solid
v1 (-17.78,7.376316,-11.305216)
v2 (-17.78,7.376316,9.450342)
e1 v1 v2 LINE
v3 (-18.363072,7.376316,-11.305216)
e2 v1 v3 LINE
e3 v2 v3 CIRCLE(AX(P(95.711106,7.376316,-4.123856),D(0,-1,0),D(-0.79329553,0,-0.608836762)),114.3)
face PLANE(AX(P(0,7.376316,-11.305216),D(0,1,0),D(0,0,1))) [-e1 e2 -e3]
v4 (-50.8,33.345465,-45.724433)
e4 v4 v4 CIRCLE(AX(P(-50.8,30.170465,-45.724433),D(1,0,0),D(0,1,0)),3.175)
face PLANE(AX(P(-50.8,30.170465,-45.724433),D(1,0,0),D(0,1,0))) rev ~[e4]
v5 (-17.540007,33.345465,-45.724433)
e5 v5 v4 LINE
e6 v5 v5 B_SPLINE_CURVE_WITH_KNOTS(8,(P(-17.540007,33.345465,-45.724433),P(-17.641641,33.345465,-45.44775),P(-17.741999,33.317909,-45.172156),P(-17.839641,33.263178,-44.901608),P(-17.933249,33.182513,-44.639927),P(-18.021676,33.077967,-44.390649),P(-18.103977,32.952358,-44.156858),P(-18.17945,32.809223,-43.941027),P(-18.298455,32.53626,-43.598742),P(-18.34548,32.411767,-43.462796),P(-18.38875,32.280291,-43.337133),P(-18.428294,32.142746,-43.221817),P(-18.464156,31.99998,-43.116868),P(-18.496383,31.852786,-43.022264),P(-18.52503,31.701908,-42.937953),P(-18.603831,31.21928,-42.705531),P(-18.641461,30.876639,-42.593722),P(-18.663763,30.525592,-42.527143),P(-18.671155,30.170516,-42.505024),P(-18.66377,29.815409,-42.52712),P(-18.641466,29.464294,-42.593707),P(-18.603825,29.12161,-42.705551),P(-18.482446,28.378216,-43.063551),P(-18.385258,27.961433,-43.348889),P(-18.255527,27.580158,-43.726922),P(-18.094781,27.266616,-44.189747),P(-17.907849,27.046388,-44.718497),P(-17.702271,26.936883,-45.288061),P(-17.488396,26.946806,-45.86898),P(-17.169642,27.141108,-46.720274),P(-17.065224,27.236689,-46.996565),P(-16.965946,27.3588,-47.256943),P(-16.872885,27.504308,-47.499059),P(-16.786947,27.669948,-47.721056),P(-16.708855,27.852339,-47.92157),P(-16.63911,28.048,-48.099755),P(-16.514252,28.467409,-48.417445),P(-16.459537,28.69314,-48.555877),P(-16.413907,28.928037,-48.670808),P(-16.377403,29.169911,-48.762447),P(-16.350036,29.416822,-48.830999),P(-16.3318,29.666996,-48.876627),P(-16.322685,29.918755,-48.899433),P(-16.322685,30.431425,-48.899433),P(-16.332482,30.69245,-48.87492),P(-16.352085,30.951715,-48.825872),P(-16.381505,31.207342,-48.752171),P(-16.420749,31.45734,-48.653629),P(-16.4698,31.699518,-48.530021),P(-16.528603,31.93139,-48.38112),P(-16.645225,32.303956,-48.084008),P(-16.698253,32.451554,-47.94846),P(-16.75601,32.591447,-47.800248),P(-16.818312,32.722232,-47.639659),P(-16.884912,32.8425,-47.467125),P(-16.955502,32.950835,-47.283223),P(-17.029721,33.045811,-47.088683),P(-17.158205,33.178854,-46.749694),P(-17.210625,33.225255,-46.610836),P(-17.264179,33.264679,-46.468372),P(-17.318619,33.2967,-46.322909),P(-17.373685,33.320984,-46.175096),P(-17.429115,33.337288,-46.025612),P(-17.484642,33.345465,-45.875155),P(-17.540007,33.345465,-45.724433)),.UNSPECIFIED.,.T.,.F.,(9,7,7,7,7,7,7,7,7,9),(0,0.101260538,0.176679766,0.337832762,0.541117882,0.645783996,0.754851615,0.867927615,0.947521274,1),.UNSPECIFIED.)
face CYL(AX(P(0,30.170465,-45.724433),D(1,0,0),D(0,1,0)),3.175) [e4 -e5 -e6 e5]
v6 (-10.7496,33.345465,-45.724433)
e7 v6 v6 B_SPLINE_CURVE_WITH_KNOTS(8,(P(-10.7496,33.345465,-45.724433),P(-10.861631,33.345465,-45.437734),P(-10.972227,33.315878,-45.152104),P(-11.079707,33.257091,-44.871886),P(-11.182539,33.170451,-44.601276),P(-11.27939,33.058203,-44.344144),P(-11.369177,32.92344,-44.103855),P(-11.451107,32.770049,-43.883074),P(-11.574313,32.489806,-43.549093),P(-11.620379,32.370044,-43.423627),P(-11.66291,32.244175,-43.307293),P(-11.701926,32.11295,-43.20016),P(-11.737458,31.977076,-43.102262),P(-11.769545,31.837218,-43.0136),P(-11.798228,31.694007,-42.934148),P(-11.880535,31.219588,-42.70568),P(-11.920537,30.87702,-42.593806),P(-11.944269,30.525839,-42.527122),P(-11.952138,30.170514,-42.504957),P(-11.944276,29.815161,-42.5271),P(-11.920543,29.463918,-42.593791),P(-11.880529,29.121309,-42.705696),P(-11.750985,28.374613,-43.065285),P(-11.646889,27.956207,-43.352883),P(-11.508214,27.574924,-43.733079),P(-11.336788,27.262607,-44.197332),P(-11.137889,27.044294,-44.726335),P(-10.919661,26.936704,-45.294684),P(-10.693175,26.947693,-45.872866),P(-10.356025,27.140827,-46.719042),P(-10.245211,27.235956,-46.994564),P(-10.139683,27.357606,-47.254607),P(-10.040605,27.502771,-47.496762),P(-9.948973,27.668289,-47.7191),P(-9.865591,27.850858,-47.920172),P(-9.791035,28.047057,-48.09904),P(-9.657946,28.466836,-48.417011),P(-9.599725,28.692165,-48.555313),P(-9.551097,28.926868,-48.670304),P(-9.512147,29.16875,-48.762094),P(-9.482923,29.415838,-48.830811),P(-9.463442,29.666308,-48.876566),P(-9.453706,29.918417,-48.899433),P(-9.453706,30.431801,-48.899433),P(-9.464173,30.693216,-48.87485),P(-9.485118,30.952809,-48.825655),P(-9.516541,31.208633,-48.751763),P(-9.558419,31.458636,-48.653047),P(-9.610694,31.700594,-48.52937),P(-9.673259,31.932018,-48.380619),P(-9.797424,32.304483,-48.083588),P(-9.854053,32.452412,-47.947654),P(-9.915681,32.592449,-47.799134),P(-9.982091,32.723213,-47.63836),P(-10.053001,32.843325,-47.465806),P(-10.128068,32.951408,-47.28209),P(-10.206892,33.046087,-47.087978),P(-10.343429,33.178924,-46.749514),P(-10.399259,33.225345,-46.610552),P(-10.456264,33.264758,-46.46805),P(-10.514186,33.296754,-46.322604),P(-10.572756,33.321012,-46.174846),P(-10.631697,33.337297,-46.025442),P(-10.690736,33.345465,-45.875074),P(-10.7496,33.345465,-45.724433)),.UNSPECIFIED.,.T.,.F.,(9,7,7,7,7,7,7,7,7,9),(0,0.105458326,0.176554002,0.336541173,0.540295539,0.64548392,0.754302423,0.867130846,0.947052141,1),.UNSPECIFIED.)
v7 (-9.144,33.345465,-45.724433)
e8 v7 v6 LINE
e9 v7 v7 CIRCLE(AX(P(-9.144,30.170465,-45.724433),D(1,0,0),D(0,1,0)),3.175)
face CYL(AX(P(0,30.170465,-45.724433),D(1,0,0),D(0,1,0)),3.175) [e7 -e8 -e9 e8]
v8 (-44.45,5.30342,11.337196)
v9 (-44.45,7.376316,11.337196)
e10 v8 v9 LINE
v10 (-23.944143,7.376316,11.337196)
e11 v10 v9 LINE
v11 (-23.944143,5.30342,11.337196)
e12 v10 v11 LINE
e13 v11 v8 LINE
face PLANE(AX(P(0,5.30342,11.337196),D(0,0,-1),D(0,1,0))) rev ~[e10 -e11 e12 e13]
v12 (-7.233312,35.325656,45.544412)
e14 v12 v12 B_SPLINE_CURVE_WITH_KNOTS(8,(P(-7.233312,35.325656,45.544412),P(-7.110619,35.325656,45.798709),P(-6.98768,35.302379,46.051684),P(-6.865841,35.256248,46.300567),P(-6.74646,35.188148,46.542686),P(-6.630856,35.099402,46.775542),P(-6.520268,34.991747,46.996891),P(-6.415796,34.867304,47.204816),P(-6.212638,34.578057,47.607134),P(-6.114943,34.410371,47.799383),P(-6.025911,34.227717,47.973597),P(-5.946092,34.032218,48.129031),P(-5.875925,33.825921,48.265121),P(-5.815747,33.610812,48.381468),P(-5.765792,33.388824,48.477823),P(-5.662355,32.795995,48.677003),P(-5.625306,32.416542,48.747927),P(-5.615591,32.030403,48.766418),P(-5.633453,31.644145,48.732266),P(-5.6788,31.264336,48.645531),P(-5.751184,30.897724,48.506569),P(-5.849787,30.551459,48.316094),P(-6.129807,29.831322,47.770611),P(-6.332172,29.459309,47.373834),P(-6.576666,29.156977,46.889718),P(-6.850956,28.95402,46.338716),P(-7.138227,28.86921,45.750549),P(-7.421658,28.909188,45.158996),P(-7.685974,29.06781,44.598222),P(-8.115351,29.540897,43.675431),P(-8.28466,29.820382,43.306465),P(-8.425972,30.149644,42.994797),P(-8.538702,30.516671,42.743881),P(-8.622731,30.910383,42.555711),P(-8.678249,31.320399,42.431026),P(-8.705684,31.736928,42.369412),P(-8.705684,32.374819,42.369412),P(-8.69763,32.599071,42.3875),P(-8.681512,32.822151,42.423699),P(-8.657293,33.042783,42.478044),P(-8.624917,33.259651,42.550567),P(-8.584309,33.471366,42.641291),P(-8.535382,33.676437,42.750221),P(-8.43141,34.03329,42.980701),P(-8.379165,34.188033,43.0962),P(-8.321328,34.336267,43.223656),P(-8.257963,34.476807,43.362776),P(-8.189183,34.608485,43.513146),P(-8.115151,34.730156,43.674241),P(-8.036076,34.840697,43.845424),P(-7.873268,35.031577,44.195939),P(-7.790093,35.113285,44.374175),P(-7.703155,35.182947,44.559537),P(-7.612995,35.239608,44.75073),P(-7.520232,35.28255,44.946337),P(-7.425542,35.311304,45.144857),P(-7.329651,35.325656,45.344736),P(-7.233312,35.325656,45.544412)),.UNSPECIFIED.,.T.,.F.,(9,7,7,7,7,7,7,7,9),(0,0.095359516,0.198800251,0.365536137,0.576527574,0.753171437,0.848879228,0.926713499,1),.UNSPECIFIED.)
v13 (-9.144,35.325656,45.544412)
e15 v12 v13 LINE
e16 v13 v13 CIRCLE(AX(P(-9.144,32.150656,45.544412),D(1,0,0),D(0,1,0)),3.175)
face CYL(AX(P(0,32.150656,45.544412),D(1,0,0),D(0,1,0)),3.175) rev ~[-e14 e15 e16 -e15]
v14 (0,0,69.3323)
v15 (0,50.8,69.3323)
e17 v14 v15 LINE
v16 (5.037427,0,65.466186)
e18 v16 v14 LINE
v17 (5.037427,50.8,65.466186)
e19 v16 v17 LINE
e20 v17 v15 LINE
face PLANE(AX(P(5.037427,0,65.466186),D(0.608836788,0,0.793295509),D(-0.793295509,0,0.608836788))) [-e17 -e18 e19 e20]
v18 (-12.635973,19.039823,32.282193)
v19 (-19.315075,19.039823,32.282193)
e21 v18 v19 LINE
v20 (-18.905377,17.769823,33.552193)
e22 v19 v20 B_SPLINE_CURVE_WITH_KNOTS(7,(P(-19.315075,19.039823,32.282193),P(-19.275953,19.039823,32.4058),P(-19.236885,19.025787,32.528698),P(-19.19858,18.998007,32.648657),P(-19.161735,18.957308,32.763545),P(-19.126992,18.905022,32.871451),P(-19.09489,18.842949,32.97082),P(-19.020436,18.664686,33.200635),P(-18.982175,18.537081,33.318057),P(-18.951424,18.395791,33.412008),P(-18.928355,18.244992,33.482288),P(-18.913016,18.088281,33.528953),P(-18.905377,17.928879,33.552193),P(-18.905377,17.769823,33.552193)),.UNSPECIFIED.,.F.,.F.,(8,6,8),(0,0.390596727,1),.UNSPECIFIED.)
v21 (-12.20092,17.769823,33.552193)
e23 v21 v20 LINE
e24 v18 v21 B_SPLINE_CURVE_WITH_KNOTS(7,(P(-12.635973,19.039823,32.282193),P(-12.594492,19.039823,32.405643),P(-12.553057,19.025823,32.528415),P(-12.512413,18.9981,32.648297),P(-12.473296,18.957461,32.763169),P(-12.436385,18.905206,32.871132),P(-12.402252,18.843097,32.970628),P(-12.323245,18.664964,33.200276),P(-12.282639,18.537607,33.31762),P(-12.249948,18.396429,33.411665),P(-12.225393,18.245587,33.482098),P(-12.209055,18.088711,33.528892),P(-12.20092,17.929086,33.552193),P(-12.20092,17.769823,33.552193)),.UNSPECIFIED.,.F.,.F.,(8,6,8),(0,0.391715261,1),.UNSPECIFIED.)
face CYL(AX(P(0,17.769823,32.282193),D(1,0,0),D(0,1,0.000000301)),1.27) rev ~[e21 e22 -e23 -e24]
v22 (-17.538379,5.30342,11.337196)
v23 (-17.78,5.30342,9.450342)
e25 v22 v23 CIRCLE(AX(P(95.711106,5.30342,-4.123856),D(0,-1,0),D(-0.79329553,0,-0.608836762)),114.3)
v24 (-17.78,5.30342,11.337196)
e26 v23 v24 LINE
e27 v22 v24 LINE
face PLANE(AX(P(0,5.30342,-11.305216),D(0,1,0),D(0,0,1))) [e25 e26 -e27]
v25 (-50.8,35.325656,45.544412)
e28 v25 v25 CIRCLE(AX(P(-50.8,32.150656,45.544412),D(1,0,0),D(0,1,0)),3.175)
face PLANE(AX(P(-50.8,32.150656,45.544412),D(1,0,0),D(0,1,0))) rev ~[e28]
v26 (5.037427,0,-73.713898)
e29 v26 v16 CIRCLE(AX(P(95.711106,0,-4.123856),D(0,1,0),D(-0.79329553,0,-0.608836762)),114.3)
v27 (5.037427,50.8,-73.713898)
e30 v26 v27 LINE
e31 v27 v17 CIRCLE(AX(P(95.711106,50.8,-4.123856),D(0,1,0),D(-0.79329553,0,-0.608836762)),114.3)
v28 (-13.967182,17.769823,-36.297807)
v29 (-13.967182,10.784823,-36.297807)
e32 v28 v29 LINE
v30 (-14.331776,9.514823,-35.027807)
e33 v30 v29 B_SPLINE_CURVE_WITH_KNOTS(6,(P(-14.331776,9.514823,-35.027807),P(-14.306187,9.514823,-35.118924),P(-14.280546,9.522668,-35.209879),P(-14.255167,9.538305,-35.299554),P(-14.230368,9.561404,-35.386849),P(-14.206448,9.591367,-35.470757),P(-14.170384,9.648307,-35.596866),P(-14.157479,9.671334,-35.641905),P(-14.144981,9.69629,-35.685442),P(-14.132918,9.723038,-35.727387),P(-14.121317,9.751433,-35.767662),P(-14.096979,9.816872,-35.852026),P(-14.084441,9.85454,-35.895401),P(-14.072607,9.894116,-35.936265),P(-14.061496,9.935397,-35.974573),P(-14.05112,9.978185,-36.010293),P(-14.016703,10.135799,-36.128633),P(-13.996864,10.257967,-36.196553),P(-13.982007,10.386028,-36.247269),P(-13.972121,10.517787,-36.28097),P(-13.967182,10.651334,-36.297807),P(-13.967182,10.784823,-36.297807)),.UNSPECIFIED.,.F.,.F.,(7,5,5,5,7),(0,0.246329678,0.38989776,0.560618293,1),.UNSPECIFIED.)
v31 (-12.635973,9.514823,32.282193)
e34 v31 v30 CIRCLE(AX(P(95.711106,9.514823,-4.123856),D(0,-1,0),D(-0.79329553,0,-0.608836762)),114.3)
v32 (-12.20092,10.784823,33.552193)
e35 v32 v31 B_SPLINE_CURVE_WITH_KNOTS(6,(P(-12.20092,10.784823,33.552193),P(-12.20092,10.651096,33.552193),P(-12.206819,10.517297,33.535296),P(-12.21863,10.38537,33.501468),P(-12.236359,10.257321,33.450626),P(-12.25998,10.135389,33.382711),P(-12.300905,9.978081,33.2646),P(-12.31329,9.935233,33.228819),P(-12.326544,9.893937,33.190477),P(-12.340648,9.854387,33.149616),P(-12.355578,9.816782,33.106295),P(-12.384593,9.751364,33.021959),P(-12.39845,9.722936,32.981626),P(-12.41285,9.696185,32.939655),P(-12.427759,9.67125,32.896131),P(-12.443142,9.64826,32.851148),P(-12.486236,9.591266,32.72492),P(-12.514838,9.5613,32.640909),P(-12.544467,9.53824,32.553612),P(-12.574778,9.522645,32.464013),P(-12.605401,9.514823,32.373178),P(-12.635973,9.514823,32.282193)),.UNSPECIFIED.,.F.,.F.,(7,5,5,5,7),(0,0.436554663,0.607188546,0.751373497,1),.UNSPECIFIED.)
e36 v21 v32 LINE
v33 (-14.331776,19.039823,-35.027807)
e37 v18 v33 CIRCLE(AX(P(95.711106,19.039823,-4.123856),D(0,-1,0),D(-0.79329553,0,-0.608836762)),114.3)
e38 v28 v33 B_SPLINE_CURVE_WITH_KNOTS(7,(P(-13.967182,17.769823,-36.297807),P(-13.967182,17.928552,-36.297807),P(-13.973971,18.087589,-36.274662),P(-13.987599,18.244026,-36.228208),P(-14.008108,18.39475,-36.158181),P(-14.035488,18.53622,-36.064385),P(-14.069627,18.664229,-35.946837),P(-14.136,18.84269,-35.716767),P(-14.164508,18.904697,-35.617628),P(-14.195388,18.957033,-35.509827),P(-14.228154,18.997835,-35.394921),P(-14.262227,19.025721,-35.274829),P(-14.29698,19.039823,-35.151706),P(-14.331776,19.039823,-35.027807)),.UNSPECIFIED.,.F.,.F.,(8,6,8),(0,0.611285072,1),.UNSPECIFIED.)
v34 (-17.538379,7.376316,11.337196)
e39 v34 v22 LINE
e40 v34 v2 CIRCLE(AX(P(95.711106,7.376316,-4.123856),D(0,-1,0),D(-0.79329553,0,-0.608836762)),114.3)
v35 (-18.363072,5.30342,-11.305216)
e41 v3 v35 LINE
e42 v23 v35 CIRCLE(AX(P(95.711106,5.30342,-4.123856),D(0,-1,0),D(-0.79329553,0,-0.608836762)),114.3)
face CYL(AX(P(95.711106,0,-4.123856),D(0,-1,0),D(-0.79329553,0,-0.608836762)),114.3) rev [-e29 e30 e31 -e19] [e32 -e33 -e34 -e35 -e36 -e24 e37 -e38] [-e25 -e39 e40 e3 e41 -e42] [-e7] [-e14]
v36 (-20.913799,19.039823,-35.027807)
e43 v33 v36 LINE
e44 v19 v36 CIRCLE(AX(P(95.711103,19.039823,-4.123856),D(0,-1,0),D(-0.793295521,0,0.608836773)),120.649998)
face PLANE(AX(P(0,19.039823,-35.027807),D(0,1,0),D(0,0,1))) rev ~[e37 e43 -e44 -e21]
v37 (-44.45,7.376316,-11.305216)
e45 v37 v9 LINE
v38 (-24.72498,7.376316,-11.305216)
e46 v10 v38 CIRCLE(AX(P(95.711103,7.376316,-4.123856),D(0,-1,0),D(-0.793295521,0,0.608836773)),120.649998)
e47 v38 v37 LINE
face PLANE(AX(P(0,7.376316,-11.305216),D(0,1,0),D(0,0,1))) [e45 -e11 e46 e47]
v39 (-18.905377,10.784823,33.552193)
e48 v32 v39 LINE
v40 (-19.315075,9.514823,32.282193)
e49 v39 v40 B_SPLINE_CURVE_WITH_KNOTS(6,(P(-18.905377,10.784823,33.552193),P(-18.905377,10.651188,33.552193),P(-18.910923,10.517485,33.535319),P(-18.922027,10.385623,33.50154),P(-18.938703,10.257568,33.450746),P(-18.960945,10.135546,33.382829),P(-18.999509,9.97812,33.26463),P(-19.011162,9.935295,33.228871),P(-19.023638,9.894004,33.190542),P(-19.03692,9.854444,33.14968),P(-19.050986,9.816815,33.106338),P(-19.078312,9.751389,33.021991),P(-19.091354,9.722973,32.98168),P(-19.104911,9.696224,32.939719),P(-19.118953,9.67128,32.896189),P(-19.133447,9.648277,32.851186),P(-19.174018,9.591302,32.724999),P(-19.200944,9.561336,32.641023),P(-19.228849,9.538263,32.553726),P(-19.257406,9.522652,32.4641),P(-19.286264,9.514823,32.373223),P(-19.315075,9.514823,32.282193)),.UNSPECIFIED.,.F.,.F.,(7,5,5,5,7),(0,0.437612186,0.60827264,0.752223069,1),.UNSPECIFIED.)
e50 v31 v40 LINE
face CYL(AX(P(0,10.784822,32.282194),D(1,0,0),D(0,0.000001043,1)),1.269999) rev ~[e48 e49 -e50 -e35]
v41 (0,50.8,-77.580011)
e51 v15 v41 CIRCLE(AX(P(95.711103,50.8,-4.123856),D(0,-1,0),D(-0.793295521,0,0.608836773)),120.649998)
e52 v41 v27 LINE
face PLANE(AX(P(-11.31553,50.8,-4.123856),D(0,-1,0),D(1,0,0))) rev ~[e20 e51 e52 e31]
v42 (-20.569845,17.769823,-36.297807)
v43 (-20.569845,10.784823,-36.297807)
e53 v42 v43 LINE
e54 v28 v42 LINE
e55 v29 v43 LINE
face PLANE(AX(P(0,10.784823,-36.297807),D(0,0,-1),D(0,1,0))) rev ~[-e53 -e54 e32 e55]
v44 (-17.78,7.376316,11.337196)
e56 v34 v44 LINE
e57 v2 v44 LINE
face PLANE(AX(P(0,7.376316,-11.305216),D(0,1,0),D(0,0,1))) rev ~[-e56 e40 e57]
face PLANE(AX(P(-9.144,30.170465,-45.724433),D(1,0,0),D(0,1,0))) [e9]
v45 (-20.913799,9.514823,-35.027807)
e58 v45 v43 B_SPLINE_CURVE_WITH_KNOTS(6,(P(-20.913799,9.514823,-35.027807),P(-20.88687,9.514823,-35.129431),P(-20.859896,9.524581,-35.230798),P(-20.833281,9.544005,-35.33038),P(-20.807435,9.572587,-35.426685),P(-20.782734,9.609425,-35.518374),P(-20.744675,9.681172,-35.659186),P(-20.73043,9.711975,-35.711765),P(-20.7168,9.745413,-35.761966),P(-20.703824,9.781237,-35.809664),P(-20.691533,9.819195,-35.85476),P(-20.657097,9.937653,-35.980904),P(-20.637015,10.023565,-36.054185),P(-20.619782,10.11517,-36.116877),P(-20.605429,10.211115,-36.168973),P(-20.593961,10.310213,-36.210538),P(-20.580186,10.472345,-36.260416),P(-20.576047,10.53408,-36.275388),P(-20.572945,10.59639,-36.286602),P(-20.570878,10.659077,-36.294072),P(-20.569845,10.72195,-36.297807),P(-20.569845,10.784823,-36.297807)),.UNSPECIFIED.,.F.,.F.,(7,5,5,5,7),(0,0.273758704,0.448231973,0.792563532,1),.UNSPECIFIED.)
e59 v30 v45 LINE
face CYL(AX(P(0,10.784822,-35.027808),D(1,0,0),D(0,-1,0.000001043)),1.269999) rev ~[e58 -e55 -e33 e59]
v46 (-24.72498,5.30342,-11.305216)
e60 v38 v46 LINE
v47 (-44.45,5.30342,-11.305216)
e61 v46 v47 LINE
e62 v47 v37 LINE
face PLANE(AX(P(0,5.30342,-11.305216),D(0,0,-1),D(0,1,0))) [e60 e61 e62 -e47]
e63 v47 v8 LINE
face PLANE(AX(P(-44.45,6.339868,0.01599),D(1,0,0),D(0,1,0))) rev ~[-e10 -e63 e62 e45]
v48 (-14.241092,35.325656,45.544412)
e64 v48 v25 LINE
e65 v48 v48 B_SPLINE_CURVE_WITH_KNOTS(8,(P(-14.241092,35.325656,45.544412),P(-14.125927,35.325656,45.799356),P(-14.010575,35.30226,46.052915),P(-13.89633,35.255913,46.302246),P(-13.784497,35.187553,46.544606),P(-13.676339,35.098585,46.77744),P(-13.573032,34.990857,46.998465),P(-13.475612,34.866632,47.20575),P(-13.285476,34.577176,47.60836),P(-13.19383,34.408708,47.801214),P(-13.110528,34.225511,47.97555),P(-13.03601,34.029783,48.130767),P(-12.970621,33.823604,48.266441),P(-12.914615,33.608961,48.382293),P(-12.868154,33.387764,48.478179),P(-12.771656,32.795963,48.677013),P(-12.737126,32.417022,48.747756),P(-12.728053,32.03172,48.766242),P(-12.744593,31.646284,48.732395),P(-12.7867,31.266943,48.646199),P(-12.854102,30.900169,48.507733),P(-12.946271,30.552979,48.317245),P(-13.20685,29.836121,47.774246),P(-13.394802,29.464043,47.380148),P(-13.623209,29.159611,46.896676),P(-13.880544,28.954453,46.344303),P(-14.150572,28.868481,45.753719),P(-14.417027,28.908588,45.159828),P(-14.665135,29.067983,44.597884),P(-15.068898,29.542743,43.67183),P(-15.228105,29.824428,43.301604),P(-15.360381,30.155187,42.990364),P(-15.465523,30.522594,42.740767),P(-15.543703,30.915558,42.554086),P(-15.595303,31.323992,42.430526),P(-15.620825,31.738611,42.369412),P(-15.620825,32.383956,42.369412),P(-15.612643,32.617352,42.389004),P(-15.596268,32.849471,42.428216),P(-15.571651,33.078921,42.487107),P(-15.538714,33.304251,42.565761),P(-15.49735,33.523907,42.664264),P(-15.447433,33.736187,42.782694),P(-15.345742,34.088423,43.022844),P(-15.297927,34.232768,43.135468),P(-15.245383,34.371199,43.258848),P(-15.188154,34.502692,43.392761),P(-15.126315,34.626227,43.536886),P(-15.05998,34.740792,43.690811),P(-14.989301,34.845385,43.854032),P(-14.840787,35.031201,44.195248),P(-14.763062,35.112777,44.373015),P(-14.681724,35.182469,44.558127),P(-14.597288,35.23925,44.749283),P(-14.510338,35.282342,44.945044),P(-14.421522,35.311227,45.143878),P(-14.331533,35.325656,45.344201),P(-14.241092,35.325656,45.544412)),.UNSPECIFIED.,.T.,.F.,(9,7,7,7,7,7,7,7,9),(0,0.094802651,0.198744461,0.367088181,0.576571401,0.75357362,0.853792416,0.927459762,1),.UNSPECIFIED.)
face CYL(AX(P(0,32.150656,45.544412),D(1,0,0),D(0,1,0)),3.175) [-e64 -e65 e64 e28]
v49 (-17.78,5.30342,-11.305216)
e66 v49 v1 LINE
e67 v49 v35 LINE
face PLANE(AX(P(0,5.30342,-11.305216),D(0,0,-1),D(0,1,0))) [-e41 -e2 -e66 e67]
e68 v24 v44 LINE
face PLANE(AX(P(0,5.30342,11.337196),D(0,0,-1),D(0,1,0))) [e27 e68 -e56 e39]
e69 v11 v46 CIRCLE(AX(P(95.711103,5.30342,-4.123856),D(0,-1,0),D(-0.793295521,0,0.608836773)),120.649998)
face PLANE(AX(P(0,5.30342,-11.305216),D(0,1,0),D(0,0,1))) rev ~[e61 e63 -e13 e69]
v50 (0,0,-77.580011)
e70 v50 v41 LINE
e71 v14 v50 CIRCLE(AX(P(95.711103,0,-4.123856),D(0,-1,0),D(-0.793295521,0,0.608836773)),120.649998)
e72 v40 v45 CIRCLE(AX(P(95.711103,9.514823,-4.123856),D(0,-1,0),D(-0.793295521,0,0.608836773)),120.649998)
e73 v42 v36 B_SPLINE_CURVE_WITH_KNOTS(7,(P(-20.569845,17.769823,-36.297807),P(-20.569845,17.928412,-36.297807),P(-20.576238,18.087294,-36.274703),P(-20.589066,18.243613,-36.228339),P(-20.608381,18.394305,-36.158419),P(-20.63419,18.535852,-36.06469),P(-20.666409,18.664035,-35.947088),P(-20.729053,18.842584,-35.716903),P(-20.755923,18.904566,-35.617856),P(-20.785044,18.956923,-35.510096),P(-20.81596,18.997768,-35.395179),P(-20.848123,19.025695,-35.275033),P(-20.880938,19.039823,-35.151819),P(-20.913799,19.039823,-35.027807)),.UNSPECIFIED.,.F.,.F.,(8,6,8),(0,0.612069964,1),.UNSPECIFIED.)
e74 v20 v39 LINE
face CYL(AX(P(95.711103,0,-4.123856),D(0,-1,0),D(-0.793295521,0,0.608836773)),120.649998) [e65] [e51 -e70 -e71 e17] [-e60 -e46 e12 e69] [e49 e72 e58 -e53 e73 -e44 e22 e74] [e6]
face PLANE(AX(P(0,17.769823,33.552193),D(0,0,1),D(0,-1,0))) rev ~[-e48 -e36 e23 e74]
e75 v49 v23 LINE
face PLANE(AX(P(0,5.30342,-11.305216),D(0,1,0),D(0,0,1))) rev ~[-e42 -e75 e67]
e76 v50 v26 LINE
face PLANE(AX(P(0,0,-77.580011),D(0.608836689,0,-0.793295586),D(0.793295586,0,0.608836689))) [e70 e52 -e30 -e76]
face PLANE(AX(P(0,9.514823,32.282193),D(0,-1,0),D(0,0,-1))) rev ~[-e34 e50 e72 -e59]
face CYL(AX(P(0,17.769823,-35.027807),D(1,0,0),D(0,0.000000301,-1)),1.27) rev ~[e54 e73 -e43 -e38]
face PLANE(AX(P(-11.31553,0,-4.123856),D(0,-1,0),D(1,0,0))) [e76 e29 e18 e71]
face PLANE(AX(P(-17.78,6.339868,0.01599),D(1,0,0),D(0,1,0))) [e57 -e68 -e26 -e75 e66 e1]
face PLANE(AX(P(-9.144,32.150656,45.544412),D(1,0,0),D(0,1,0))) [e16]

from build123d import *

# Parameters (mm, degrees)
F1_DEPTH  = 50.8
F3_DEPTH  = 50.8
F4_R      = 3.175
F5_DEPTH  = 50.8
F5_FACE_R = 3.175
F6_DEPTH  = 9.144
F7_W      = 2.072896
F7_H      = 22.642412
F8_DEPTH  = 44.45
F8_FACE_W = 2.072896
F8_FACE_H = 22.642412
F9_DEPTH  = 17.78


with BuildPart() as f1:
    # F0 (on Front) → F1 (new body)
    with BuildSketch(Plane.XZ):
        with BuildLine():
            Line((5.037427, 65.466186), (0, 69.3323))
            ThreePointArc((0, 69.3323), (-24.938895, -4.123856), (0, -77.580011))
            Line((0, -77.580011), (5.037427, -73.713898))
            ThreePointArc((5.037427, -73.713898), (-18.588894, -4.123856), (5.037427, 65.466186))
        make_face()
    extrude(amount=-F1_DEPTH)

    # F2 (on Right) → F3 (cut)
    with BuildSketch(Plane.YZ):
        with BuildLine():
            Line((17.769823, 33.552193), (10.784823, 33.552193))
            ThreePointArc((10.784823, 33.552193), (9.886797, 33.180219), (9.514823, 32.282193))
            Line((9.514823, 32.282193), (9.514823, -35.027807))
            ThreePointArc((9.514823, -35.027807), (9.886797, -35.925833), (10.784823, -36.297807))
            Line((10.784823, -36.297807), (17.769823, -36.297807))
            ThreePointArc((17.769823, -36.297807), (18.667848, -35.925833), (19.039823, -35.027807))
            Line((19.039823, -35.027807), (19.039823, 32.282193))
            ThreePointArc((19.039823, 32.282193), (18.667848, 33.180219), (17.769823, 33.552193))
        make_face()
    extrude(amount=-F3_DEPTH, mode=Mode.SUBTRACT)

    # F4 (on Right) → F5 (join)
    with BuildSketch(Plane.YZ):
        with Locations((32.150656, 45.544412)):
            Circle(F4_R)
        with Locations((30.170465, -45.724433)):
            Circle(F4_R)
    extrude(amount=-F5_DEPTH)

    # F5_face (on face) → F6 (cut)
    with BuildSketch(Plane(origin=(0, 32.150656, 45.544412), x_dir=(0, 1, 0), z_dir=(1, 0, 0))):
        Circle(F5_FACE_R)
        with Locations((-1.980191, -91.268845)):
            Circle(F5_FACE_R)
    extrude(amount=-F6_DEPTH, mode=Mode.SUBTRACT)

    # F7 (on Right) → F8 (join)
    with BuildSketch(Plane.YZ):
        with Locations((6.339868, 0.01599)):
            Rectangle(F7_W, F7_H)
    extrude(amount=-F8_DEPTH)

    # F8_face (on face) → F9 (cut)
    with BuildSketch(Plane(origin=(0, 6.339868, 0.01599), x_dir=(0, 1, 0), z_dir=(1, 0, 0))):
        Rectangle(F8_FACE_W, F8_FACE_H)
    extrude(amount=-F9_DEPTH, mode=Mode.SUBTRACT)


solid = f1.part
